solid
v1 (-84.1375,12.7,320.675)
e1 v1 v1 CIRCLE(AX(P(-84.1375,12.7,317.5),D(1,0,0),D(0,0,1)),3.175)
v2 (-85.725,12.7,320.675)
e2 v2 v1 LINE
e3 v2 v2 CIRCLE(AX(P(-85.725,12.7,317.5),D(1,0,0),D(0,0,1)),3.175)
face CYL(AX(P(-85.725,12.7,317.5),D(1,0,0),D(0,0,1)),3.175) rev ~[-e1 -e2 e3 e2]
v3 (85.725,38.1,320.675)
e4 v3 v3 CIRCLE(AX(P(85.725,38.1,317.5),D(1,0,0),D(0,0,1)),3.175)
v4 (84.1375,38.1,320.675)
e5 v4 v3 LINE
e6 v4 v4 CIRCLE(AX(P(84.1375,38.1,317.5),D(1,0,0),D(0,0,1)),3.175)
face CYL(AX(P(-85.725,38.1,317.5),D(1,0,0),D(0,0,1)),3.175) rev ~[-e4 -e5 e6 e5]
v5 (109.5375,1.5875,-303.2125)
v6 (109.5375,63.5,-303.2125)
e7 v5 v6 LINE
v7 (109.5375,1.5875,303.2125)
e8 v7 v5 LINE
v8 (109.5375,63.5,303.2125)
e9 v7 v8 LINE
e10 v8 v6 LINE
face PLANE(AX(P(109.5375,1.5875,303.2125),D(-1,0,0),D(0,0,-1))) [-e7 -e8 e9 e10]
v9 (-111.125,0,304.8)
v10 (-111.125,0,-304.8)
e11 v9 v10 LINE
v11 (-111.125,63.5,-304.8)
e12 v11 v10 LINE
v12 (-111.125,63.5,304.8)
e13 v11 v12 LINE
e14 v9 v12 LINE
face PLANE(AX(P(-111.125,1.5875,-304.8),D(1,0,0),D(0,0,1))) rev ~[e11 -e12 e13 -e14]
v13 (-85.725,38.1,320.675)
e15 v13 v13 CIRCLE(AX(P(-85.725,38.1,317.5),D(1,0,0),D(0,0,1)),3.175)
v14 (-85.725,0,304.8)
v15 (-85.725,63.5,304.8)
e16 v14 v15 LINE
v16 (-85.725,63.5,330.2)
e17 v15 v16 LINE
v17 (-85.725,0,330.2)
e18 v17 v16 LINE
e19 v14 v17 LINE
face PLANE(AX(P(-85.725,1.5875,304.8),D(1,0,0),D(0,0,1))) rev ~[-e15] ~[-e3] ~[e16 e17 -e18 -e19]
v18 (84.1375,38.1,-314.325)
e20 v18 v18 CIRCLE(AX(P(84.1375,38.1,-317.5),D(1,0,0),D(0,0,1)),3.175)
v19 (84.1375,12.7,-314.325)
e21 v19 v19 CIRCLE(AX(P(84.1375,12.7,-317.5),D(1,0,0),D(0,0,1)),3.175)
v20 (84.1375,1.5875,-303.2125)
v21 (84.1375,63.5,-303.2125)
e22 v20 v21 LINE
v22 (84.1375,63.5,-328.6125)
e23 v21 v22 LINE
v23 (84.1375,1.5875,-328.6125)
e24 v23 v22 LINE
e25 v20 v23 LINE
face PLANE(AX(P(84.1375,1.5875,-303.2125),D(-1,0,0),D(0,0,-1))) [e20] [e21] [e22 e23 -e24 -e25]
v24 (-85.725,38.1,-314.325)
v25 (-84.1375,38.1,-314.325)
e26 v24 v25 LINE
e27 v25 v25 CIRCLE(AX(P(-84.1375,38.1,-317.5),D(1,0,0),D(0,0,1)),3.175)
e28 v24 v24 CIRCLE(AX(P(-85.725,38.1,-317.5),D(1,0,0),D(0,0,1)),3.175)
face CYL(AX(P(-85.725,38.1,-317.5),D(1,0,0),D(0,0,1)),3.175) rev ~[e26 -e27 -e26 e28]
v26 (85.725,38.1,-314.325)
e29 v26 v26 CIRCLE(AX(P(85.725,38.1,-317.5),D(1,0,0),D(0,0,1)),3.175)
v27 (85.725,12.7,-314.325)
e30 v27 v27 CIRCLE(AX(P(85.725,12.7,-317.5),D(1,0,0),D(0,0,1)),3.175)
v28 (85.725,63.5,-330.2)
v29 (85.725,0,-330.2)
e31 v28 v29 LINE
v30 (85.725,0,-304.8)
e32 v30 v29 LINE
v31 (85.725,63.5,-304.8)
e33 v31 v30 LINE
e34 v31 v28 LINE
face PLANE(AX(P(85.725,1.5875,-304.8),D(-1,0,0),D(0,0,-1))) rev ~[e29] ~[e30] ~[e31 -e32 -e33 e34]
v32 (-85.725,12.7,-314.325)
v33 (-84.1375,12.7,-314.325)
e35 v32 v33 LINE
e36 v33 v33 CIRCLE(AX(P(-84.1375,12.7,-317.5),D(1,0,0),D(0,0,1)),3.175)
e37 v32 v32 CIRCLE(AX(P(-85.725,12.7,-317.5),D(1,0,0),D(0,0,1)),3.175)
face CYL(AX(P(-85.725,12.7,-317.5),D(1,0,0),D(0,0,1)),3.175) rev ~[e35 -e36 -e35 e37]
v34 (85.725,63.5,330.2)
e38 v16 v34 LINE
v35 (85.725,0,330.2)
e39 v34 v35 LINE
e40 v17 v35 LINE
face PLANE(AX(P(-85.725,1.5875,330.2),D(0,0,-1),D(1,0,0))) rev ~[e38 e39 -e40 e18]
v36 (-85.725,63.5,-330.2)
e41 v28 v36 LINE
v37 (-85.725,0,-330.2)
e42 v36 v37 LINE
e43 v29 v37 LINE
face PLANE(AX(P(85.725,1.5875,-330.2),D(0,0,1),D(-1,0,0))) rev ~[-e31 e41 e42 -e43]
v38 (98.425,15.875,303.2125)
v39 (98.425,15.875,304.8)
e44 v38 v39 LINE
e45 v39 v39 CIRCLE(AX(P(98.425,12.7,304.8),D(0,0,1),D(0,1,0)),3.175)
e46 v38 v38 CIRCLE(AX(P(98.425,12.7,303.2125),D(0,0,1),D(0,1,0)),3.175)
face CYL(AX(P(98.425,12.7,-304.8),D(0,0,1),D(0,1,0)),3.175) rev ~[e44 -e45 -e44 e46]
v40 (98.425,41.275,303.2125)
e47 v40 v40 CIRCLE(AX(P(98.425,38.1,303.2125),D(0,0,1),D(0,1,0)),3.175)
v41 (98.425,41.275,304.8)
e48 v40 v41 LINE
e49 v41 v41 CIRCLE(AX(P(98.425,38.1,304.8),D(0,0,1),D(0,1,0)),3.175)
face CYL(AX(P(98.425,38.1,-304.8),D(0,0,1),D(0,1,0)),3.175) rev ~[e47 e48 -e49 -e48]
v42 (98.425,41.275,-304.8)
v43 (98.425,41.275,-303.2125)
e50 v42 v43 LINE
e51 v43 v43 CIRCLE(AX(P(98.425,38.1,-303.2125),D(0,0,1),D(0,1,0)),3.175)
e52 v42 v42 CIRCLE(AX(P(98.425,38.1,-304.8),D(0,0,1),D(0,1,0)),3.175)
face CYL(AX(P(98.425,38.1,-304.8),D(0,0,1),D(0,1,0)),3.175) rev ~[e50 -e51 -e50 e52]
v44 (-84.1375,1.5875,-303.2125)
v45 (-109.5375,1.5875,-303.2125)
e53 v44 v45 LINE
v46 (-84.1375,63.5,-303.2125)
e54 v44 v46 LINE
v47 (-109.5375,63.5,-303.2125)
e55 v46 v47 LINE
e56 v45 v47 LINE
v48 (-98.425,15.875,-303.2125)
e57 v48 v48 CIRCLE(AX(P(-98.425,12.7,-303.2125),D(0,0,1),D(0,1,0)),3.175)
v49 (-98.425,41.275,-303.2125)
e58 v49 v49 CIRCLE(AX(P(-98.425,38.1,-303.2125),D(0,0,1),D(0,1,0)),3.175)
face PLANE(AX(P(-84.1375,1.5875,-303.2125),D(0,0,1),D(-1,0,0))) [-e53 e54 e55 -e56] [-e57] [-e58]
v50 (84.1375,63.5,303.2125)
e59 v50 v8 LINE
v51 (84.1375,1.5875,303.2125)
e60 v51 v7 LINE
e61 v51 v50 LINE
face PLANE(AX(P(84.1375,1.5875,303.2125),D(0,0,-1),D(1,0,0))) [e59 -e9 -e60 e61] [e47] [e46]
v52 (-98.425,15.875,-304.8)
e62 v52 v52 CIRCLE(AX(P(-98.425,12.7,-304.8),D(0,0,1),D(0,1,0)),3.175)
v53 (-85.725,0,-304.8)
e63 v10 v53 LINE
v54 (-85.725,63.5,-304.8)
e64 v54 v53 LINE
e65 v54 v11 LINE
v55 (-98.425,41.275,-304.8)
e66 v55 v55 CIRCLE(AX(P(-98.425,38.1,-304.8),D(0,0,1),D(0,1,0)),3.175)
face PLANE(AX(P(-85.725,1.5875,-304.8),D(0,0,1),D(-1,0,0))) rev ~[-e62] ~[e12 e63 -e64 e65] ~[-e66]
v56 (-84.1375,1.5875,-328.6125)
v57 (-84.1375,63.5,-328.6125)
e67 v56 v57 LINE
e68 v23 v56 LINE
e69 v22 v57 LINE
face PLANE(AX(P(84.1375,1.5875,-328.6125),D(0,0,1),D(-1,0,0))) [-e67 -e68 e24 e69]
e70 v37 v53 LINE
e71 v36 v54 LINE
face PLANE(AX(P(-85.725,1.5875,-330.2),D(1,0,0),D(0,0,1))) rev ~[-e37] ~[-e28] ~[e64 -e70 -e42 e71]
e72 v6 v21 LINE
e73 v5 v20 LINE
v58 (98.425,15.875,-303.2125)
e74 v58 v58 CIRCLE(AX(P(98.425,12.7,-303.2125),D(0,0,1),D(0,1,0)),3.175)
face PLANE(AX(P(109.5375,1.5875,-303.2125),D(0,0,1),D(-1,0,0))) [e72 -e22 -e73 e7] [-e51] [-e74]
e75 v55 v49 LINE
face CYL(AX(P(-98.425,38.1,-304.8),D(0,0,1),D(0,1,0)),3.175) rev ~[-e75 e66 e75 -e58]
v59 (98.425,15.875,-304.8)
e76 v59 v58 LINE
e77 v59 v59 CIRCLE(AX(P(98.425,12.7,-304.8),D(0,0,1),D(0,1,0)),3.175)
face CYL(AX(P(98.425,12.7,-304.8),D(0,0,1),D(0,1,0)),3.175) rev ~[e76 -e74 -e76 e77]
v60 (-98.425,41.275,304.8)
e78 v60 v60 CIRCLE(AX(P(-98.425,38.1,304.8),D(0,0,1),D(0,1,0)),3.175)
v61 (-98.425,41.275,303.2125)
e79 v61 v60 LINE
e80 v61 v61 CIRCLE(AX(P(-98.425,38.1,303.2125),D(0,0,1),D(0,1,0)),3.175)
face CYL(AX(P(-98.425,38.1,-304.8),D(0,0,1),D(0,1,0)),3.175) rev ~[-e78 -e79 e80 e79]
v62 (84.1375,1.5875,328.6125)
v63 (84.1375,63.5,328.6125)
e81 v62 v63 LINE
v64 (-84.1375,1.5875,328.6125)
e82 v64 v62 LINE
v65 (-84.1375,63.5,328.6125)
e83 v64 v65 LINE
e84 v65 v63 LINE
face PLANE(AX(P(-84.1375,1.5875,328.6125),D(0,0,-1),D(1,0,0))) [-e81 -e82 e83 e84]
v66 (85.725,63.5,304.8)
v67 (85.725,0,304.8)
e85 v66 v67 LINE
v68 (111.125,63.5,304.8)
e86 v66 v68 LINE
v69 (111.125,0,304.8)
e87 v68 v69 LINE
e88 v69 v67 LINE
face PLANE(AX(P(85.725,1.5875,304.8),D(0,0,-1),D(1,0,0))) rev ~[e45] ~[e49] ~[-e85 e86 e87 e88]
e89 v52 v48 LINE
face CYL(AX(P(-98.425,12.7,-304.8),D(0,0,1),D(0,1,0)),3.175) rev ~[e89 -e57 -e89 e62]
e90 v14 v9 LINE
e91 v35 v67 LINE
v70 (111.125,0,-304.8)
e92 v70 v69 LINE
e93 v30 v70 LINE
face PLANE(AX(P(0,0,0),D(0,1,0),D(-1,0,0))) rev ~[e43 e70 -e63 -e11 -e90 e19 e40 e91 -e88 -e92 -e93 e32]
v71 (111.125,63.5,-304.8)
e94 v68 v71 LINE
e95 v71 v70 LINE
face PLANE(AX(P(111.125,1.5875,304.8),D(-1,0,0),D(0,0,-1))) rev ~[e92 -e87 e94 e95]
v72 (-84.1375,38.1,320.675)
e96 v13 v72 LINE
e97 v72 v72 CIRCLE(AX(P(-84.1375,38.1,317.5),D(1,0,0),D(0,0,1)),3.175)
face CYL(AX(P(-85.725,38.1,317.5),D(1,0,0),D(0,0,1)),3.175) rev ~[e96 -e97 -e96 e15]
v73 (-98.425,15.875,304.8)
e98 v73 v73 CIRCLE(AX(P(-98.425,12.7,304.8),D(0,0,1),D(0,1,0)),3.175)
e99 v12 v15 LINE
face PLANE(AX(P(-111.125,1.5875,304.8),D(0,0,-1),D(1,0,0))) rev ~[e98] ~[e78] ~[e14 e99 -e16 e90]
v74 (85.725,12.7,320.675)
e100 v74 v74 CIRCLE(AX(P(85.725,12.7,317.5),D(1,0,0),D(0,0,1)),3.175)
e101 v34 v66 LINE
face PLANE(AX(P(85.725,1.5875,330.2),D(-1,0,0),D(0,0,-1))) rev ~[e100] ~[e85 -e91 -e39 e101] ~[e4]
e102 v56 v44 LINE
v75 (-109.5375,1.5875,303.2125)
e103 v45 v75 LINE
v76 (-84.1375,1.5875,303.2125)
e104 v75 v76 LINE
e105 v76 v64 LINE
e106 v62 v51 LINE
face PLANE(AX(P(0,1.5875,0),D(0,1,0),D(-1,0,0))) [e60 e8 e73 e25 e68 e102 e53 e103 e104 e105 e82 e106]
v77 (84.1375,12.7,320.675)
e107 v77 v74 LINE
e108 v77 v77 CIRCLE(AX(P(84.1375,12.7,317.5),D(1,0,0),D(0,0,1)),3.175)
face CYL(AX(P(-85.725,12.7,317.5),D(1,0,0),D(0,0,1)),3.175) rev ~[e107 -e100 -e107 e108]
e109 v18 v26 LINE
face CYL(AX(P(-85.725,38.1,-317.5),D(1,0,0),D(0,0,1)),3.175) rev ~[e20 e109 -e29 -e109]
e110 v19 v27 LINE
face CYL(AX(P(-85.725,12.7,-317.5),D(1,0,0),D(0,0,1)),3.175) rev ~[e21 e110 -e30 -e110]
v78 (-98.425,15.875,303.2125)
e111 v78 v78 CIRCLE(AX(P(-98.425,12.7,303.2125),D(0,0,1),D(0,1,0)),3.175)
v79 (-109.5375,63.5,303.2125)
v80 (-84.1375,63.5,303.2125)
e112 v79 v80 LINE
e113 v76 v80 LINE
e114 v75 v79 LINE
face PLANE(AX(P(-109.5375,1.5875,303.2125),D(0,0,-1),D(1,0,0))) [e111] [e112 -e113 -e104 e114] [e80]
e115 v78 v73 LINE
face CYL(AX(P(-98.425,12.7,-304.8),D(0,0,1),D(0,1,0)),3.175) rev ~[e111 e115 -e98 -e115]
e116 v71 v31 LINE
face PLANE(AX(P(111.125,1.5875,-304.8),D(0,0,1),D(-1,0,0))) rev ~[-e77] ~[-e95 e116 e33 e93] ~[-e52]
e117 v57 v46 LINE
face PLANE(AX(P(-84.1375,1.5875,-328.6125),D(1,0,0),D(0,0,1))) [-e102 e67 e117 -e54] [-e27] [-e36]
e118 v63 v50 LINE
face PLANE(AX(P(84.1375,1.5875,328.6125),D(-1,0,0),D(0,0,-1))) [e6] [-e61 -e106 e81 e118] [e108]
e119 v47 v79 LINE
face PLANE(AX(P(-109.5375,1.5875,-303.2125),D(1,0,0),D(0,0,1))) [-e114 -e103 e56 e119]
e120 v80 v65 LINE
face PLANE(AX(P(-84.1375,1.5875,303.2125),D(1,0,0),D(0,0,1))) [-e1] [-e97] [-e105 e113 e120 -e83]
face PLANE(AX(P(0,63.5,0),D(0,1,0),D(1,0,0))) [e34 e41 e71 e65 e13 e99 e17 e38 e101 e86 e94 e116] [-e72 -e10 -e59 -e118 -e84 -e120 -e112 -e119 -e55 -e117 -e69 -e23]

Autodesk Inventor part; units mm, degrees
ref_plane "YZ Plane" through (0, 0, 0) normal (1, 0, 0) x (0, 1, 0)
ref_plane "XZ Plane" through (0, 0, 0) normal (0, 1, 0) x (-1, 0, 0)
ref_plane "XY Plane" through (0, 0, 0) normal (0, 0, 1) x (1, 0, 0)
sketch "Electronics box bottom layout" plane through (0, 0, 0) normal (0, 1, 0) x (-1, 0, 0)
  line L0 (-111.125, 304.8) -> (111.125, 304.8)
  line L1 (111.125, 304.8) -> (111.125, -304.8)
  line L2 (111.125, -304.8) -> (-111.125, -304.8)
  line L3 (-111.125, -304.8) -> (-111.125, 304.8)
  line L4 (-111.125, 304.8) -> (111.125, -304.8) construction
  line L5 (111.125, 304.8) -> (-111.125, -304.8) construction
  line L6 (-85.725, 304.8) -> (85.725, 304.8)
  line L7 (85.725, 304.8) -> (85.725, 330.2)
  line L8 (85.725, 330.2) -> (-85.725, 330.2)
  line L9 (-85.725, 330.2) -> (-85.725, 304.8)
  line L10 (-85.725, 304.8) -> (85.725, 330.2) construction
  line L11 (85.725, 304.8) -> (-85.725, 330.2) construction
  line L12 (85.725, -304.8) -> (-85.725, -304.8)
  line L13 (-85.725, -304.8) -> (-85.725, -330.2)
  line L14 (-85.725, -330.2) -> (85.725, -330.2)
  line L15 (85.725, -330.2) -> (85.725, -304.8)
  line L16 (85.725, -304.8) -> (-85.725, -330.2) construction
  line L17 (-85.725, -304.8) -> (85.725, -330.2) construction
  point P0 (0, 0)
  point P1 (0, 317.5)
  point P2 (0, -317.5)
  point P3 (-85.725, 304.8)
  dimension "d0" = 222.25
  dimension "d1" = 609.6
  dimension "d2" = 171.45
  dimension "d3" = 171.45
  dimension "d4" = 25.4
  dimension "d5" = 25.4
extrude "Base" add sketch "Electronics box bottom layout" along normal blind 1.5875
sketch "Sketch2" plane through (0, 1.5875, 0) normal (0, 1, 0) x (1, 0, 0)
  line L0 (-111.125, -304.8) -> (-85.725, -304.8) projected
  line L1 (-85.725, -304.8) -> (-85.725, -330.2) projected
  line L2 (-85.725, -330.2) -> (85.725, -330.2) projected
  line L3 (85.725, -330.2) -> (85.725, -304.8) projected
  line L4 (85.725, -304.8) -> (111.125, -304.8) projected
  line L5 (111.125, -304.8) -> (111.125, 304.8) projected
  line L6 (111.125, 304.8) -> (85.725, 304.8) projected
  line L7 (85.725, 304.8) -> (85.725, 330.2) projected
  line L8 (85.725, 330.2) -> (-85.725, 330.2) projected
  line L9 (-85.725, 330.2) -> (-85.725, 304.8) projected
  line L10 (-85.725, 304.8) -> (-111.125, 304.8) projected
  line L11 (-111.125, 304.8) -> (-111.125, -304.8) projected
  line L12 (-109.5375, -303.2125) -> (-84.1375, -303.2125)
  line L13 (-84.1375, -303.2125) -> (-84.1375, -328.6125)
  line L14 (-84.1375, -328.6125) -> (84.1375, -328.6125)
  line L15 (84.1375, -328.6125) -> (84.1375, -303.2125)
  line L16 (84.1375, -303.2125) -> (109.5375, -303.2125)
  line L17 (109.5375, -303.2125) -> (109.5375, 303.2125)
  line L18 (109.5375, 303.2125) -> (84.1375, 303.2125)
  line L19 (84.1375, 303.2125) -> (84.1375, 328.6125)
  line L20 (84.1375, 328.6125) -> (-84.1375, 328.6125)
  line L21 (-84.1375, 328.6125) -> (-84.1375, 303.2125)
  line L22 (-84.1375, 303.2125) -> (-109.5375, 303.2125)
  line L23 (-109.5375, 303.2125) -> (-109.5375, -303.2125)
  point P0 (0, 0)
  dimension "d8" = 1.5875
extrude "Walls" add sketch "Sketch2" along normal blind 61.9125
sketch "Sketch3" plane through (-85.725, 0, -330.2) normal (-1, 0, 0) x (0, 0, 1)
  line L0 (0, 63.5) -> (25.4, 63.5) projected
  line L1 (0, 0) -> (25.4, 0) projected
  line L2 (0, 0) -> (0, 63.5) projected
  point P0 (330.2, 0)
  point P1 (12.7, 38.1)
  point P2 (12.7, 12.7)
  dimension "d11" = 25.4
  dimension "d12" = 12.7
  dimension "d31" = 12.7
  dimension "d32" = 12.7
hole "Hole1" at (-85.725, 38.1, -317.5) at (-85.725, 12.7, -317.5) direction (1, 0, 0) diameter 6.35 end through all
sketch "Sketch4" plane through (-85.725, 0, -304.8) normal (0, 0, -1) x (-1, 0, 0)
  line L0 (0, 63.5) -> (25.4, 63.5) projected
  line L1 (25.4, 0) -> (25.4, 63.5) projected
  line L2 (0, 0) -> (25.4, 0) projected
  point P0 (-85.725, 0)
  point P1 (12.7, 38.1)
  point P2 (12.7, 12.7)
  dimension "d20" = 25.4
  dimension "d21" = 12.7
  dimension "d22" = 12.7
  dimension "d23" = 12.7
hole "Hole2" at (-98.425, 38.1, -304.8) at (-98.425, 12.7, -304.8) direction (0, 0, 1) diameter 6.35 end through all
pattern_linear "Rectangular Pattern1" count 2 spacing 635 along (0, 0, 1) of "Hole1"
pattern_linear "Rectangular Pattern2" count 2 spacing 196.85 along (1, 0, 0) of "Hole2"
equation "\"d2\" = d0 - 2 * d4"
equation "\"d3\" = d2"
equation "\"d5\" = d4"
equation "\"d32\" = d31"
properties part number "EBox-Frame" material "Air"
